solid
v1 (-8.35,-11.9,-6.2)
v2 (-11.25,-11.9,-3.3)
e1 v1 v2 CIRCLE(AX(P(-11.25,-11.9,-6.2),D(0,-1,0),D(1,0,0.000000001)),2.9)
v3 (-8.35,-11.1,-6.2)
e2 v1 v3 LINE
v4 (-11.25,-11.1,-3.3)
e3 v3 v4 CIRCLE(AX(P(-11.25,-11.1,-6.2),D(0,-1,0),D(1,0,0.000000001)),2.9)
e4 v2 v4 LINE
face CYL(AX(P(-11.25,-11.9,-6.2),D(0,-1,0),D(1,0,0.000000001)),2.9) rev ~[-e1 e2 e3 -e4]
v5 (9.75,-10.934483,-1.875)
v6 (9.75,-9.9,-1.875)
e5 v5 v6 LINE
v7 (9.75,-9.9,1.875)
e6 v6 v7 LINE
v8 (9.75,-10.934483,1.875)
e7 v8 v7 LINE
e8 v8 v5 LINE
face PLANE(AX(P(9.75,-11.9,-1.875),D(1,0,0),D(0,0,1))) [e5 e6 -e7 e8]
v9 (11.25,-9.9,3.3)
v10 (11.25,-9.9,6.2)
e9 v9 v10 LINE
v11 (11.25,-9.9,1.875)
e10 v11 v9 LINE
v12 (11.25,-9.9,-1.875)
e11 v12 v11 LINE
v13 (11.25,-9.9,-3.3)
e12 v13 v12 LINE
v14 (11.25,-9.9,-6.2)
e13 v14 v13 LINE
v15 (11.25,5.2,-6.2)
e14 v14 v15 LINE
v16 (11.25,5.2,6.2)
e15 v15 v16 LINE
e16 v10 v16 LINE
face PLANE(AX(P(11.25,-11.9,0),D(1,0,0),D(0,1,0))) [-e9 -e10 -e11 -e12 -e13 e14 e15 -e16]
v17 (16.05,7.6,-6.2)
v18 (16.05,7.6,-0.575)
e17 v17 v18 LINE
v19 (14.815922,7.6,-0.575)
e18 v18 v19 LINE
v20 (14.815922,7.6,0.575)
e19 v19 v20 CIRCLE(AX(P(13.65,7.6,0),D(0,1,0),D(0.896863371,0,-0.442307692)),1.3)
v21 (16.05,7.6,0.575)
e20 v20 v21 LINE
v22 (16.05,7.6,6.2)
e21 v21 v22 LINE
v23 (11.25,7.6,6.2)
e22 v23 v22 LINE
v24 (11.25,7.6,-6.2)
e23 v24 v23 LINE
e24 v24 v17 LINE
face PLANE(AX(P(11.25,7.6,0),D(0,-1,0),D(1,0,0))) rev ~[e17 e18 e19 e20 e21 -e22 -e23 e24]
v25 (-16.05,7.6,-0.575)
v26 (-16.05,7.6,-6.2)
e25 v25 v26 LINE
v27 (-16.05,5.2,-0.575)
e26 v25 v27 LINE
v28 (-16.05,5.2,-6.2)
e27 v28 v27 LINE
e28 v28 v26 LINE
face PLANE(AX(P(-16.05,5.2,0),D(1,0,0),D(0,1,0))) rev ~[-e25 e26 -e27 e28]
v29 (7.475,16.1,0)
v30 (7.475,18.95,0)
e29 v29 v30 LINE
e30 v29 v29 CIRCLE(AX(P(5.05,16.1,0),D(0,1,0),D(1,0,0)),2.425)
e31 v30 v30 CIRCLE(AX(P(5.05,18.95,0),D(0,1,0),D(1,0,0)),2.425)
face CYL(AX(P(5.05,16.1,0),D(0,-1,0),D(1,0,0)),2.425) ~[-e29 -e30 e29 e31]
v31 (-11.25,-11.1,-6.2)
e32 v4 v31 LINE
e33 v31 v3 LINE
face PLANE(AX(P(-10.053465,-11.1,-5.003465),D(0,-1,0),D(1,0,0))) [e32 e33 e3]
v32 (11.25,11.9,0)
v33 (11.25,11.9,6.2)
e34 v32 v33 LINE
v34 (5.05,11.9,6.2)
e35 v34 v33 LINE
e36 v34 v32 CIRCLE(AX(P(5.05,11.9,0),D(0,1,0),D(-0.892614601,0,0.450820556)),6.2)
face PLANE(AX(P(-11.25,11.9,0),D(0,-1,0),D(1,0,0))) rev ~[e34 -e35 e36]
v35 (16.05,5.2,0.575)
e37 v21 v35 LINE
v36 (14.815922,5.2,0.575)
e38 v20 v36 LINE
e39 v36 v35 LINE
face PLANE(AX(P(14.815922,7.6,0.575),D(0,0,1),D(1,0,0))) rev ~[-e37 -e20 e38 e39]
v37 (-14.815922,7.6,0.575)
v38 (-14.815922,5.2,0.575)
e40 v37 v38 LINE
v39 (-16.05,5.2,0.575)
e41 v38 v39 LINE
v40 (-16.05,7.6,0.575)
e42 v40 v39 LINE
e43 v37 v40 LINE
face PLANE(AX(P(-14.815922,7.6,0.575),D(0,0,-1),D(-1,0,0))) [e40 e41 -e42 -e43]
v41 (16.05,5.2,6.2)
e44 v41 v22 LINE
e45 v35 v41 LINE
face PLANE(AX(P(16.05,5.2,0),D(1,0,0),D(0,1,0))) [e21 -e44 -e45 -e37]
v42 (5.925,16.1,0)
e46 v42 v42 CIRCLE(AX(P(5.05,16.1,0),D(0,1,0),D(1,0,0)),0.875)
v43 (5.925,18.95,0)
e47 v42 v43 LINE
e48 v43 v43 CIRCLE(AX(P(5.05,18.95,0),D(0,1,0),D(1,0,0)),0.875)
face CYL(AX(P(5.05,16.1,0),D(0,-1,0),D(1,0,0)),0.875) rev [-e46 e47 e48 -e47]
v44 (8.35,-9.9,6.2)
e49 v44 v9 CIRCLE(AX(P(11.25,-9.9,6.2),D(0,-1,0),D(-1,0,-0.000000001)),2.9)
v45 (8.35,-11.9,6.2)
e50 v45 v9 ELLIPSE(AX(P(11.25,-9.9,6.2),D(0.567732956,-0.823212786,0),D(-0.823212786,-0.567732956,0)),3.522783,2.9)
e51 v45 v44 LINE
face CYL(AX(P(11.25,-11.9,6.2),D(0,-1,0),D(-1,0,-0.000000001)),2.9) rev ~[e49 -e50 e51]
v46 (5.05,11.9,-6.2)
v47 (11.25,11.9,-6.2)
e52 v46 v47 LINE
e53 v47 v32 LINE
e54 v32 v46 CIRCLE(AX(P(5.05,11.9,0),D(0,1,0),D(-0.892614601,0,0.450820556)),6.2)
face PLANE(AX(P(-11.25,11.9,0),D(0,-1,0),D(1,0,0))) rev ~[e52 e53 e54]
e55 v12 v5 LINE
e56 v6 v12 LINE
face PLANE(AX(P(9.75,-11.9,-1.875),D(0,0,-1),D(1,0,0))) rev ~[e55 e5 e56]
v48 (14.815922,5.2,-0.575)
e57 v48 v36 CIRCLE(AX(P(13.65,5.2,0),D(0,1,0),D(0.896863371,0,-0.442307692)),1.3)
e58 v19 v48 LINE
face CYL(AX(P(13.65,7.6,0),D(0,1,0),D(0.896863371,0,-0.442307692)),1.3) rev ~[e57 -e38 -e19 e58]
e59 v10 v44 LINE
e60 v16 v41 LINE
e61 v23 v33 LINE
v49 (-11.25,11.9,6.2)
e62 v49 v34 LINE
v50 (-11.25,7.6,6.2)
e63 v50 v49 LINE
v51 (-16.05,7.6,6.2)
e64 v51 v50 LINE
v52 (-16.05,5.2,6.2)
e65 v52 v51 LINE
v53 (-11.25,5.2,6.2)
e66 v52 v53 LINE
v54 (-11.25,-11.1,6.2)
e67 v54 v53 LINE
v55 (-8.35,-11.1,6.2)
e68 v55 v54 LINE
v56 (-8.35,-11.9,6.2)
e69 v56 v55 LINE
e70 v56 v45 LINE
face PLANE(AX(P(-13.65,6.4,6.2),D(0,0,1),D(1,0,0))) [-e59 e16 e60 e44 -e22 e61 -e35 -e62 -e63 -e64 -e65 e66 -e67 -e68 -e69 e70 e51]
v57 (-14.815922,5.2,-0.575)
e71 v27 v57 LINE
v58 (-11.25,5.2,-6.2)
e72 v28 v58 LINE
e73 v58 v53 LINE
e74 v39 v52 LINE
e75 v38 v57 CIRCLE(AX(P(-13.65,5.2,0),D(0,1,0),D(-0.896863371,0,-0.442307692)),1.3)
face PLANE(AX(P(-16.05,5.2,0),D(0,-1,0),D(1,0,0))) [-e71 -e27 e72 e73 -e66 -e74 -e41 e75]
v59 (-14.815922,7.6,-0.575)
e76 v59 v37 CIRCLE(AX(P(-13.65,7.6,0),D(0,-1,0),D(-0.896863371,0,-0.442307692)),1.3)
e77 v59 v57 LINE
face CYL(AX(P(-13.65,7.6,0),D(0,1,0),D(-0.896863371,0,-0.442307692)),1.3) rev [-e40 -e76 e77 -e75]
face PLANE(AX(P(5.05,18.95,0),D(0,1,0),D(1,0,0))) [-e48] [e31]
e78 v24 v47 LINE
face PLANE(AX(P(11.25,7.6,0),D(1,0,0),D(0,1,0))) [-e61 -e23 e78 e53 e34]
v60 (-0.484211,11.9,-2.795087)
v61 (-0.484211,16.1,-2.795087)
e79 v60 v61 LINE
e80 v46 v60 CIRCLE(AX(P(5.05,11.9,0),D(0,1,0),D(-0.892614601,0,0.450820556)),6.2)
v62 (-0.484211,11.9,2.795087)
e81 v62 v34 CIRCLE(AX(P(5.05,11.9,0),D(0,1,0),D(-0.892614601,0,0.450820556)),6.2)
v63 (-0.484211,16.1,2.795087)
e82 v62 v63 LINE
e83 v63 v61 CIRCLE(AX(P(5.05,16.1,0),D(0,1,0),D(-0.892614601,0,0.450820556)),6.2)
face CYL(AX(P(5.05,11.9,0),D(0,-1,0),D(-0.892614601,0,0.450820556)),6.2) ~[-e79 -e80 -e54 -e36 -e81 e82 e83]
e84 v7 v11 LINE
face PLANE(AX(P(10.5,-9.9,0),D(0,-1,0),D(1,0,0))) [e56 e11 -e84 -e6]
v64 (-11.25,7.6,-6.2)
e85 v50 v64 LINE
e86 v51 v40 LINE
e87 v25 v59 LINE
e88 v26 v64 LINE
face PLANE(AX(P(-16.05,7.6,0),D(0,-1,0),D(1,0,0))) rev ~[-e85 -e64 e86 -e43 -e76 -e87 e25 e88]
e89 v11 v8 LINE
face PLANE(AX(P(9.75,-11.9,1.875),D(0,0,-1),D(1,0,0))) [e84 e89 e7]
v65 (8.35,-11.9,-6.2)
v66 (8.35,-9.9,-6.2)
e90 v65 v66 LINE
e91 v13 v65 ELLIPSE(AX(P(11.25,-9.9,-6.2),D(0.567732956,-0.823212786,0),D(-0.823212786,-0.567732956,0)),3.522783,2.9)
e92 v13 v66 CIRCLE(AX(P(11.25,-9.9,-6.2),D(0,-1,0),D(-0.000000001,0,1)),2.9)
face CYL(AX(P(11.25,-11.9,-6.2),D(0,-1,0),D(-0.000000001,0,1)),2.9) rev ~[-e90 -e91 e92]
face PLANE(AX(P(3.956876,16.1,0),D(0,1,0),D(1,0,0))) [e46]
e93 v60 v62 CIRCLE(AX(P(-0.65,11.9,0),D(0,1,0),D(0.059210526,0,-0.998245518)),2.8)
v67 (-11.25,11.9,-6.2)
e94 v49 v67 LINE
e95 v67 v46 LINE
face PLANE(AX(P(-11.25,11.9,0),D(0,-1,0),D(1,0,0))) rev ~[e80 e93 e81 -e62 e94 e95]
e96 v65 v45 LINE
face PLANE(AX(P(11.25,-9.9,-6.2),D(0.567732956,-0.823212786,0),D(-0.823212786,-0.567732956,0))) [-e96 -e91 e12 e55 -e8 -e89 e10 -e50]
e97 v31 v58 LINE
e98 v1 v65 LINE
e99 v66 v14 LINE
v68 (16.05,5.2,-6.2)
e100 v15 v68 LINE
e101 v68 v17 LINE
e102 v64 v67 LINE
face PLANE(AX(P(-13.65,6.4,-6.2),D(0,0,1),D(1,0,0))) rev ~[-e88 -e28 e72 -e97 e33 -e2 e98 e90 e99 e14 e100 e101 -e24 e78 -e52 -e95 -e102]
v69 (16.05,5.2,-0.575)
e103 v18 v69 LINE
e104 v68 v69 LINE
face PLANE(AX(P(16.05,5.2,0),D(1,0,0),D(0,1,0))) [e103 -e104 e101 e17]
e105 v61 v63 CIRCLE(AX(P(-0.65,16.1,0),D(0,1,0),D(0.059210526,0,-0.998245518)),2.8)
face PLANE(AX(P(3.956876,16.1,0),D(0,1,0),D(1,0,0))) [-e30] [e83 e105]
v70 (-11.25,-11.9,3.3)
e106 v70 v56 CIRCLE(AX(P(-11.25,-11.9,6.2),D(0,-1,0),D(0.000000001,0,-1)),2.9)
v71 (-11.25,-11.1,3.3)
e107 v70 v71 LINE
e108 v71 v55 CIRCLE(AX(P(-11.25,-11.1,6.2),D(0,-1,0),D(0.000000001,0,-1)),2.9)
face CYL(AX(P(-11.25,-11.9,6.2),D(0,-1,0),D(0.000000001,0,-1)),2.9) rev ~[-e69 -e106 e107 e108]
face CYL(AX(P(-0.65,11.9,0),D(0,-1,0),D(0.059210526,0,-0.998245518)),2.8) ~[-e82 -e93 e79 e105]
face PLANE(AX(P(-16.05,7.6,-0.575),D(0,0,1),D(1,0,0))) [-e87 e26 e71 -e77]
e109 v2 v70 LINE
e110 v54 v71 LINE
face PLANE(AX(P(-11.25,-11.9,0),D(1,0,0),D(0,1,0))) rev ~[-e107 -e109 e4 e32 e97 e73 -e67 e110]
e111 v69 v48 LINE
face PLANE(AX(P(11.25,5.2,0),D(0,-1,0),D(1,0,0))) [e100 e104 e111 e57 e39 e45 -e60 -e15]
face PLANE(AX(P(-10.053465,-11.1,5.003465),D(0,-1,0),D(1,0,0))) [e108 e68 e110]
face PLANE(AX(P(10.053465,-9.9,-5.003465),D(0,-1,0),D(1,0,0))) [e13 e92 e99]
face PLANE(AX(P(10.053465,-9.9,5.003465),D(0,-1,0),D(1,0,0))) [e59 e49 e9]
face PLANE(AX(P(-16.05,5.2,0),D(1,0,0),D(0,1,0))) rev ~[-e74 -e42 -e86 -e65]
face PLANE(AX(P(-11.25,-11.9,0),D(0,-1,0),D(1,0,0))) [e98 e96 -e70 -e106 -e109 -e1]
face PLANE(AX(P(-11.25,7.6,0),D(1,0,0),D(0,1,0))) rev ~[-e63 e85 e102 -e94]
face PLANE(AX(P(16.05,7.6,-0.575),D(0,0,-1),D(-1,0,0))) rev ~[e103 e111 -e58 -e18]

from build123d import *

# Parameters (mm, degrees)
SALIENTE_EXTRUIR1_DEPTH = 6.2
SALIENTE_EXTRUIR2_DEPTH = 4.2
CORTAR_EXTRUIR1_REACH   = 28.006
CORTAR_EXTRUIR3_DEPTH   = 0.8
CROQUIS4_5_W            = 1.5
CROQUIS4_5_H            = 3.75
CORTAR_EXTRUIR4_DEPTH   = 2
CORTAR_EXTRUIR5_DEPTH   = 26.895414652
CROQUIS7_R              = 2.425
CROQUIS7_R_2            = 0.875
SALIENTE_EXTRUIR4_DEPTH = 2.85


with BuildPart() as part:
    # Croquis1 → Saliente-Extruir1 (new, symmetric)
    with BuildSketch(Plane.XY):
        Polygon((-11.25, 5.2), (-11.25, -11.9), (11.25, -11.9), (11.25, 5.2), (16.05, 5.2), (16.05, 7.6), (11.25, 7.6), (11.25, 11.9), (-11.25, 11.9), (-11.25, 7.6), (-16.05, 7.6), (-16.05, 5.2), align=None)
    extrude(amount=SALIENTE_EXTRUIR1_DEPTH, both=True)

    # Croquis2 → Saliente-Extruir2 (add)
    with BuildSketch(Plane(origin=(0, 11.9, 0), x_dir=(1, 0, 0), z_dir=(0, 1, 0))):
        with BuildLine():
            ThreePointArc((-0.484210526, -2.79508745), (11.25, 0), (-0.484210526, 2.79508745))
            ThreePointArc((-0.484210526, 2.79508745), (-3.45, 0), (-0.484210526, -2.79508745))
        make_face()
    extrude(amount=SALIENTE_EXTRUIR2_DEPTH)

    # Croquis3 → Cortar-Extruir1 (cut, up to next)
    with BuildSketch(Plane(origin=(0, 7.6, 0), x_dir=(1, 0, 0), z_dir=(0, 1, 0)), mode=Mode.PRIVATE) as cortar_extruir1_sk1:
        with BuildLine():
            Line((16.05, 0.575), (14.815922382, 0.575))
            ThreePointArc((14.815922382, 0.575), (12.35, 0), (14.815922382, -0.575))
            Line((14.815922382, -0.575), (16.05, -0.575))
            Line((16.05, -0.575), (16.05, 0.575))
        make_face()
    cortar_extruir1_tool1 = extrude(cortar_extruir1_sk1.sketch, amount=-CORTAR_EXTRUIR1_REACH, mode=Mode.PRIVATE) & part.part
    # Croquis3 → Cortar-Extruir1 (cut, up to next)
    with BuildSketch(Plane(origin=(0, 7.6, 0), x_dir=(1, 0, 0), z_dir=(0, 1, 0)), mode=Mode.PRIVATE) as cortar_extruir1_sk2:
        with BuildLine():
            Line((-16.05, 0.575), (-14.815922382, 0.575))
            ThreePointArc((-14.815922382, 0.575), (-12.35, 0), (-14.815922382, -0.575))
            Line((-14.815922382, -0.575), (-16.05, -0.575))
            Line((-16.05, -0.575), (-16.05, 0.575))
        make_face()
    cortar_extruir1_tool2 = extrude(cortar_extruir1_sk2.sketch, amount=-CORTAR_EXTRUIR1_REACH, mode=Mode.PRIVATE) & part.part
    add(cortar_extruir1_tool1.solids().sort_by_distance((14.012834, 7.6, 0))[0], mode=Mode.SUBTRACT)
    add(cortar_extruir1_tool2.solids().sort_by_distance((-14.012834, 7.6, 0))[0], mode=Mode.SUBTRACT)

    # Croquis4 → Cortar-Extruir3 (cut)
    with BuildSketch(Plane.XZ.offset(11.9)):
        with BuildLine():
            Line((-11.25, 6.2), (-11.25, 3.3))
            ThreePointArc((-11.25, 3.3), (-9.199390335, 4.149390335), (-8.35, 6.2))
            Line((-8.35, 6.2), (-11.25, 6.2))
        make_face()
        with BuildLine():
            ThreePointArc((-8.35, -6.2), (-9.199390335, -4.149390335), (-11.25, -3.3))
            Line((-11.25, -3.3), (-11.25, -6.2))
            Line((-11.25, -6.2), (-8.35, -6.2))
        make_face()
    extrude(amount=-CORTAR_EXTRUIR3_DEPTH, mode=Mode.SUBTRACT)

    # Croquis4<5> → Cortar-Extruir4 (cut)
    with BuildSketch(Plane.XZ.offset(11.9)):
        with BuildLine():
            Line((11.25, 6.2), (8.35, 6.2))
            ThreePointArc((8.35, 6.2), (9.199390335, 4.149390335), (11.25, 3.3))
            Line((11.25, 3.3), (11.25, 6.2))
        make_face()
        with BuildLine():
            ThreePointArc((11.25, -3.3), (9.199390335, -4.149390335), (8.35, -6.2))
            Line((8.35, -6.2), (11.25, -6.2))
            Line((11.25, -6.2), (11.25, -3.3))
        make_face()
        with Locations((10.5, 0)):
            Rectangle(CROQUIS4_5_W, CROQUIS4_5_H)
    extrude(amount=-CORTAR_EXTRUIR4_DEPTH, mode=Mode.SUBTRACT)

    # Croquis6 → Cortar-Extruir5 (cut, through all)
    with BuildSketch(Plane(origin=(0, 0, -6.2), x_dir=(-1, 0, 0), z_dir=(0, 0, -1))):
        Polygon((-11.25, -9.9), (-8.35, -11.9), (-11.25, -11.9), align=None)
    extrude(amount=-CORTAR_EXTRUIR5_DEPTH, mode=Mode.SUBTRACT)

    # Croquis7 → Saliente-Extruir4 (add)
    with BuildSketch(Plane(origin=(0, 16.1, 0), x_dir=(1, 0, 0), z_dir=(0, 1, 0))):
        with Locations((5.05, 0)):
            Circle(CROQUIS7_R)
        with Locations((5.05, 0)):
            Circle(CROQUIS7_R_2, mode=Mode.SUBTRACT)
    extrude(amount=SALIENTE_EXTRUIR4_DEPTH)


solid = part.part
